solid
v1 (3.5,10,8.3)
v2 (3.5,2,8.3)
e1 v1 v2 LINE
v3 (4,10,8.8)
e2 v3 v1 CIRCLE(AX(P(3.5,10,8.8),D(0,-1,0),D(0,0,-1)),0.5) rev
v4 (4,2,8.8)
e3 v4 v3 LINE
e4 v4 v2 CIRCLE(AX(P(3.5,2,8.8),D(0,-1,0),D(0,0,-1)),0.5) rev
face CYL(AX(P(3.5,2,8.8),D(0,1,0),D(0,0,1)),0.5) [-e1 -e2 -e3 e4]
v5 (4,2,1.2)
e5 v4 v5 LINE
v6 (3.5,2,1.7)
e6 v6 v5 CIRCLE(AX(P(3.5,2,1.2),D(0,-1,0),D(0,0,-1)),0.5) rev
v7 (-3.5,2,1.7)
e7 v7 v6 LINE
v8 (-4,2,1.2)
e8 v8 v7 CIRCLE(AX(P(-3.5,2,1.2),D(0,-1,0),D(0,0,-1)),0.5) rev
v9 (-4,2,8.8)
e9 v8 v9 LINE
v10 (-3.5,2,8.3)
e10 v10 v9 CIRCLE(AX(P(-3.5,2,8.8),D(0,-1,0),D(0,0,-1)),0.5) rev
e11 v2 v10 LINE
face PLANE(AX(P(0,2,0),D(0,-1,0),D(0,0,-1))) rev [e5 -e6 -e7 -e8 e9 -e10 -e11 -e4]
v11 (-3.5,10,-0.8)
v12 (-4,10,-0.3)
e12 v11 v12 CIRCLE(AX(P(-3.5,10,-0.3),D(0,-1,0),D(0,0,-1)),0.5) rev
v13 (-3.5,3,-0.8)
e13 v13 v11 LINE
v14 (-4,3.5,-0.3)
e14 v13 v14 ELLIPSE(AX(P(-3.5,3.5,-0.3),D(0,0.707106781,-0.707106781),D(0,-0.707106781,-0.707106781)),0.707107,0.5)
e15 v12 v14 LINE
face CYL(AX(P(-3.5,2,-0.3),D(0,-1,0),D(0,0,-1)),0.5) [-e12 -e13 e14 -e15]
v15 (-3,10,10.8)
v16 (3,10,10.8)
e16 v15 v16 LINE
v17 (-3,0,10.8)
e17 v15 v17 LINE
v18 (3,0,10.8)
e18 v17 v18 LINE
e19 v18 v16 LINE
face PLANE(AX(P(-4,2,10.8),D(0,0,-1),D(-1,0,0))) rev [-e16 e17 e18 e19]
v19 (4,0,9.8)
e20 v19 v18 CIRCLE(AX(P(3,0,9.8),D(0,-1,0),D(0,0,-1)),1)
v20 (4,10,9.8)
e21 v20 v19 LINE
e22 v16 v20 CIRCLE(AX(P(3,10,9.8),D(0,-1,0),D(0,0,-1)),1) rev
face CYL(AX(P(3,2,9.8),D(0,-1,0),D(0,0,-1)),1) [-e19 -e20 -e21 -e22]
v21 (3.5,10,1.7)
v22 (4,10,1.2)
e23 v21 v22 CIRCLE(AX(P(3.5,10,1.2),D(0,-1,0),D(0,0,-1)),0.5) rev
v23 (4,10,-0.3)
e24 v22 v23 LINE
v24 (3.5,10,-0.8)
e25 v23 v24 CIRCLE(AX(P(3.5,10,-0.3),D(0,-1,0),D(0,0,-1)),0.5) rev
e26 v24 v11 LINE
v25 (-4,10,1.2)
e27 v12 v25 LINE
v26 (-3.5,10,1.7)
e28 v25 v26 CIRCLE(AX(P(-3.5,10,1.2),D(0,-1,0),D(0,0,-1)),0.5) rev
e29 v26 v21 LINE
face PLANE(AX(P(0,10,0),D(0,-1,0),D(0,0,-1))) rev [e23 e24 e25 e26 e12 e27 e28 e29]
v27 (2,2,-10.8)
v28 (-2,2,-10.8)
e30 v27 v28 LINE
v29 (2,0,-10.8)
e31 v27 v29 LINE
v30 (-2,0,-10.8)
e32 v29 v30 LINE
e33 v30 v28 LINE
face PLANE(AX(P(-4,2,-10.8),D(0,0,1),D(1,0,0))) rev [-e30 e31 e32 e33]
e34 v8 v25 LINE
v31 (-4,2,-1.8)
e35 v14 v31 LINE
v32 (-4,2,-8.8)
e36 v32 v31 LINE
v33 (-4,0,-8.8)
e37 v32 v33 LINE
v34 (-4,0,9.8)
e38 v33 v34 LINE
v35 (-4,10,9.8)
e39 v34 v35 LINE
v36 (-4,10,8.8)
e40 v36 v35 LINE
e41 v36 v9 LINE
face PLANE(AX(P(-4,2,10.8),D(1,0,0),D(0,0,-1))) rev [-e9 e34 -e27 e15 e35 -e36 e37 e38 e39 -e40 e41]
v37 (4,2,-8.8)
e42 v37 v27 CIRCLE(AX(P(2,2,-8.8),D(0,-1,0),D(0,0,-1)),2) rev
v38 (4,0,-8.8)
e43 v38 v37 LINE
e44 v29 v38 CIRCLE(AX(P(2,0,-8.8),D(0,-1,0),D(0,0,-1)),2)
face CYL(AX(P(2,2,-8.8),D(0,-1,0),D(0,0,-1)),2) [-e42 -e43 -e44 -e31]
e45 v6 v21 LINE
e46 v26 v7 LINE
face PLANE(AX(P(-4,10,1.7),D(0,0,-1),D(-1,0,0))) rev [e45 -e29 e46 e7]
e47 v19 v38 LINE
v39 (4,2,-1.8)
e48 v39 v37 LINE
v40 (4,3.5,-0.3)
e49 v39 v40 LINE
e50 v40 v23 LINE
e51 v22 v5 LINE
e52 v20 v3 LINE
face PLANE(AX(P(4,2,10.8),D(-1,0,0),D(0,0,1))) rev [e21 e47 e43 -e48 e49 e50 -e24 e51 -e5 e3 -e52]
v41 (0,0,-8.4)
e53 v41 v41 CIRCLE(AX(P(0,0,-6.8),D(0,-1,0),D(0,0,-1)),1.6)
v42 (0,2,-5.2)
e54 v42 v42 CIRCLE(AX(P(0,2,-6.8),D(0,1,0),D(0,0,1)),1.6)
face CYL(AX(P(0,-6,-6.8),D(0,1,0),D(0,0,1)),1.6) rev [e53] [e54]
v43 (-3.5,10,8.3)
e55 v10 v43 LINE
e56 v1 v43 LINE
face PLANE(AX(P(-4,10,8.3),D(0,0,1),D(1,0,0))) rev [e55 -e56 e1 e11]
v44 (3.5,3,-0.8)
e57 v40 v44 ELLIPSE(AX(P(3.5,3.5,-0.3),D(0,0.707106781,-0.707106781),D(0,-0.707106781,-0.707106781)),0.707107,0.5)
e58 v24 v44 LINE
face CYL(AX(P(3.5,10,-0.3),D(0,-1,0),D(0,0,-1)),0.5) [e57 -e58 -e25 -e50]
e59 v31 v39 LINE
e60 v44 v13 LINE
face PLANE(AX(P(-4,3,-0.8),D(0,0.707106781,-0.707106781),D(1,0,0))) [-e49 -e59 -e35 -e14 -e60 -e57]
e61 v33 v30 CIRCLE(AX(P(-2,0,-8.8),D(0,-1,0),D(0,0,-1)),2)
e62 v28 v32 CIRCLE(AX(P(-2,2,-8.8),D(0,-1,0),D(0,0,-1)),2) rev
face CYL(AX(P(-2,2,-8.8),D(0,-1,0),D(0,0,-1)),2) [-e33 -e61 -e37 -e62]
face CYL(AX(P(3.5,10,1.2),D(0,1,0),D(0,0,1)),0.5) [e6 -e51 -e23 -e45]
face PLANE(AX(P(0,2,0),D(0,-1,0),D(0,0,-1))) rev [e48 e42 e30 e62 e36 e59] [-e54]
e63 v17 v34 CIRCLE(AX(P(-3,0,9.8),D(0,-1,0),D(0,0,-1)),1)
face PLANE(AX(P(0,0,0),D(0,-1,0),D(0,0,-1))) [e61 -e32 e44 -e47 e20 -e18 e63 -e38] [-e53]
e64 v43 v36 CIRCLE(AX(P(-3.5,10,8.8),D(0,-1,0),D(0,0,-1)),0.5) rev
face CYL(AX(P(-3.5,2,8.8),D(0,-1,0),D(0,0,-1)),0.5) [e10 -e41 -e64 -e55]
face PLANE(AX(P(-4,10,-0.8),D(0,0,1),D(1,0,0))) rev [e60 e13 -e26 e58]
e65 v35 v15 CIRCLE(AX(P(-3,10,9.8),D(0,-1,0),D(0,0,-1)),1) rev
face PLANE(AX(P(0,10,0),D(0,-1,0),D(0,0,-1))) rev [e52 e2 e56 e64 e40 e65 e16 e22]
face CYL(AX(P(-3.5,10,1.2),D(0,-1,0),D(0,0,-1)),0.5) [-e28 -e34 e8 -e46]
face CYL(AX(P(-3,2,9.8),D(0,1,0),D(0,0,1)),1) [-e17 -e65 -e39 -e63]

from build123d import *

# Parameters (mm, degrees)
ESBO_O1_W                = 8
ESBO_O1_H                = 21.6
RESSALTO_EXTRUS_O1_DEPTH = 2
ESBO_O2_W                = 8
ESBO_O2_H                = 2.5
RESSALTO_EXTRUS_O2_DEPTH = 8
ESBO_O3_R                = 1.6
CORTE_EXTRUS_O1_DEPTH    = 8
FILETE1_R                = 2
FILETE2_R                = 2
FILETE3_R                = 1
FILETE4_R                = 1
CHANFRO1_SIZE            = 1
FILETE5_R                = 0.5
FILETE6_R                = 0.5
FILETE7_R                = 0.5
FILETE8_R                = 0.5
FILETE9_R                = 0.5
FILETE10_R               = 0.5


with BuildPart() as part:
    # Esboço1 → Ressalto-extrusão1 (new body)
    with BuildSketch(Plane(origin=(0, 0, 0), x_dir=(1, 0, 0), z_dir=(0, 1, 0))):
        Rectangle(ESBO_O1_W, ESBO_O1_H)
    extrude(amount=RESSALTO_EXTRUS_O1_DEPTH)

    # Esboço2 → Ressalto-extrusão2 (add)
    with BuildSketch(Plane(origin=(0, 2, 0), x_dir=(1, 0, 0), z_dir=(0, 1, 0))):
        with Locations((0, -9.55)):
            Rectangle(ESBO_O2_W, ESBO_O2_H)
        with Locations((0, -0.45)):
            Rectangle(ESBO_O2_W, ESBO_O2_H)
    extrude(amount=RESSALTO_EXTRUS_O2_DEPTH)

    # Esboço3 → Corte-extrusão1 (cut)
    with BuildSketch(Plane(origin=(0, 2, 0), x_dir=(1, 0, 0), z_dir=(0, 1, 0))):
        with Locations(Location((0, 6.8, 0), (0, 0, 270))):
            Circle(ESBO_O3_R)
    extrude(amount=-CORTE_EXTRUS_O1_DEPTH, mode=Mode.SUBTRACT)

    # Filete1
    filete1_edges = [part.edges().sort_by_distance(p)[0] for p in [
        (-4, 1, -10.8),
    ]]
    fillet(filete1_edges, radius=FILETE1_R)

    # Filete2
    filete2_edges = [part.edges().sort_by_distance(p)[0] for p in [
        (4, 1, -10.8),
    ]]
    fillet(filete2_edges, radius=FILETE2_R)

    # Filete3
    filete3_edges = [part.edges().sort_by_distance(p)[0] for p in [
        (4, 5, 10.8),
    ]]
    fillet(filete3_edges, radius=FILETE3_R)

    # Filete4
    filete4_edges = [part.edges().sort_by_distance(p)[0] for p in [
        (-4, 5, 10.8),
    ]]
    fillet(filete4_edges, radius=FILETE4_R)

    # Chanfro1
    chanfro1_edges = [part.edges().sort_by_distance(p)[0] for p in [
        (0, 2, -0.8),
    ]]
    chamfer(chanfro1_edges, length=CHANFRO1_SIZE)

    # Filete5
    filete5_edges = [part.edges().sort_by_distance(p)[0] for p in [
        (4, 6.5, -0.8),
    ]]
    fillet(filete5_edges, radius=FILETE5_R)

    # Filete6
    filete6_edges = [part.edges().sort_by_distance(p)[0] for p in [
        (-4, 6.5, -0.8),
    ]]
    fillet(filete6_edges, radius=FILETE6_R)

    # Filete7
    filete7_edges = [part.edges().sort_by_distance(p)[0] for p in [
        (4, 6, 8.3),
    ]]
    fillet(filete7_edges, radius=FILETE7_R)

    # Filete8
    filete8_edges = [part.edges().sort_by_distance(p)[0] for p in [
        (-4, 6, 8.3),
    ]]
    fillet(filete8_edges, radius=FILETE8_R)

    # Filete9
    filete9_edges = [part.edges().sort_by_distance(p)[0] for p in [
        (-4, 6, 1.7),
    ]]
    fillet(filete9_edges, radius=FILETE9_R)

    # Filete10
    filete10_edges = [part.edges().sort_by_distance(p)[0] for p in [
        (4, 6, 1.7),
    ]]
    fillet(filete10_edges, radius=FILETE10_R)


solid = part.part
